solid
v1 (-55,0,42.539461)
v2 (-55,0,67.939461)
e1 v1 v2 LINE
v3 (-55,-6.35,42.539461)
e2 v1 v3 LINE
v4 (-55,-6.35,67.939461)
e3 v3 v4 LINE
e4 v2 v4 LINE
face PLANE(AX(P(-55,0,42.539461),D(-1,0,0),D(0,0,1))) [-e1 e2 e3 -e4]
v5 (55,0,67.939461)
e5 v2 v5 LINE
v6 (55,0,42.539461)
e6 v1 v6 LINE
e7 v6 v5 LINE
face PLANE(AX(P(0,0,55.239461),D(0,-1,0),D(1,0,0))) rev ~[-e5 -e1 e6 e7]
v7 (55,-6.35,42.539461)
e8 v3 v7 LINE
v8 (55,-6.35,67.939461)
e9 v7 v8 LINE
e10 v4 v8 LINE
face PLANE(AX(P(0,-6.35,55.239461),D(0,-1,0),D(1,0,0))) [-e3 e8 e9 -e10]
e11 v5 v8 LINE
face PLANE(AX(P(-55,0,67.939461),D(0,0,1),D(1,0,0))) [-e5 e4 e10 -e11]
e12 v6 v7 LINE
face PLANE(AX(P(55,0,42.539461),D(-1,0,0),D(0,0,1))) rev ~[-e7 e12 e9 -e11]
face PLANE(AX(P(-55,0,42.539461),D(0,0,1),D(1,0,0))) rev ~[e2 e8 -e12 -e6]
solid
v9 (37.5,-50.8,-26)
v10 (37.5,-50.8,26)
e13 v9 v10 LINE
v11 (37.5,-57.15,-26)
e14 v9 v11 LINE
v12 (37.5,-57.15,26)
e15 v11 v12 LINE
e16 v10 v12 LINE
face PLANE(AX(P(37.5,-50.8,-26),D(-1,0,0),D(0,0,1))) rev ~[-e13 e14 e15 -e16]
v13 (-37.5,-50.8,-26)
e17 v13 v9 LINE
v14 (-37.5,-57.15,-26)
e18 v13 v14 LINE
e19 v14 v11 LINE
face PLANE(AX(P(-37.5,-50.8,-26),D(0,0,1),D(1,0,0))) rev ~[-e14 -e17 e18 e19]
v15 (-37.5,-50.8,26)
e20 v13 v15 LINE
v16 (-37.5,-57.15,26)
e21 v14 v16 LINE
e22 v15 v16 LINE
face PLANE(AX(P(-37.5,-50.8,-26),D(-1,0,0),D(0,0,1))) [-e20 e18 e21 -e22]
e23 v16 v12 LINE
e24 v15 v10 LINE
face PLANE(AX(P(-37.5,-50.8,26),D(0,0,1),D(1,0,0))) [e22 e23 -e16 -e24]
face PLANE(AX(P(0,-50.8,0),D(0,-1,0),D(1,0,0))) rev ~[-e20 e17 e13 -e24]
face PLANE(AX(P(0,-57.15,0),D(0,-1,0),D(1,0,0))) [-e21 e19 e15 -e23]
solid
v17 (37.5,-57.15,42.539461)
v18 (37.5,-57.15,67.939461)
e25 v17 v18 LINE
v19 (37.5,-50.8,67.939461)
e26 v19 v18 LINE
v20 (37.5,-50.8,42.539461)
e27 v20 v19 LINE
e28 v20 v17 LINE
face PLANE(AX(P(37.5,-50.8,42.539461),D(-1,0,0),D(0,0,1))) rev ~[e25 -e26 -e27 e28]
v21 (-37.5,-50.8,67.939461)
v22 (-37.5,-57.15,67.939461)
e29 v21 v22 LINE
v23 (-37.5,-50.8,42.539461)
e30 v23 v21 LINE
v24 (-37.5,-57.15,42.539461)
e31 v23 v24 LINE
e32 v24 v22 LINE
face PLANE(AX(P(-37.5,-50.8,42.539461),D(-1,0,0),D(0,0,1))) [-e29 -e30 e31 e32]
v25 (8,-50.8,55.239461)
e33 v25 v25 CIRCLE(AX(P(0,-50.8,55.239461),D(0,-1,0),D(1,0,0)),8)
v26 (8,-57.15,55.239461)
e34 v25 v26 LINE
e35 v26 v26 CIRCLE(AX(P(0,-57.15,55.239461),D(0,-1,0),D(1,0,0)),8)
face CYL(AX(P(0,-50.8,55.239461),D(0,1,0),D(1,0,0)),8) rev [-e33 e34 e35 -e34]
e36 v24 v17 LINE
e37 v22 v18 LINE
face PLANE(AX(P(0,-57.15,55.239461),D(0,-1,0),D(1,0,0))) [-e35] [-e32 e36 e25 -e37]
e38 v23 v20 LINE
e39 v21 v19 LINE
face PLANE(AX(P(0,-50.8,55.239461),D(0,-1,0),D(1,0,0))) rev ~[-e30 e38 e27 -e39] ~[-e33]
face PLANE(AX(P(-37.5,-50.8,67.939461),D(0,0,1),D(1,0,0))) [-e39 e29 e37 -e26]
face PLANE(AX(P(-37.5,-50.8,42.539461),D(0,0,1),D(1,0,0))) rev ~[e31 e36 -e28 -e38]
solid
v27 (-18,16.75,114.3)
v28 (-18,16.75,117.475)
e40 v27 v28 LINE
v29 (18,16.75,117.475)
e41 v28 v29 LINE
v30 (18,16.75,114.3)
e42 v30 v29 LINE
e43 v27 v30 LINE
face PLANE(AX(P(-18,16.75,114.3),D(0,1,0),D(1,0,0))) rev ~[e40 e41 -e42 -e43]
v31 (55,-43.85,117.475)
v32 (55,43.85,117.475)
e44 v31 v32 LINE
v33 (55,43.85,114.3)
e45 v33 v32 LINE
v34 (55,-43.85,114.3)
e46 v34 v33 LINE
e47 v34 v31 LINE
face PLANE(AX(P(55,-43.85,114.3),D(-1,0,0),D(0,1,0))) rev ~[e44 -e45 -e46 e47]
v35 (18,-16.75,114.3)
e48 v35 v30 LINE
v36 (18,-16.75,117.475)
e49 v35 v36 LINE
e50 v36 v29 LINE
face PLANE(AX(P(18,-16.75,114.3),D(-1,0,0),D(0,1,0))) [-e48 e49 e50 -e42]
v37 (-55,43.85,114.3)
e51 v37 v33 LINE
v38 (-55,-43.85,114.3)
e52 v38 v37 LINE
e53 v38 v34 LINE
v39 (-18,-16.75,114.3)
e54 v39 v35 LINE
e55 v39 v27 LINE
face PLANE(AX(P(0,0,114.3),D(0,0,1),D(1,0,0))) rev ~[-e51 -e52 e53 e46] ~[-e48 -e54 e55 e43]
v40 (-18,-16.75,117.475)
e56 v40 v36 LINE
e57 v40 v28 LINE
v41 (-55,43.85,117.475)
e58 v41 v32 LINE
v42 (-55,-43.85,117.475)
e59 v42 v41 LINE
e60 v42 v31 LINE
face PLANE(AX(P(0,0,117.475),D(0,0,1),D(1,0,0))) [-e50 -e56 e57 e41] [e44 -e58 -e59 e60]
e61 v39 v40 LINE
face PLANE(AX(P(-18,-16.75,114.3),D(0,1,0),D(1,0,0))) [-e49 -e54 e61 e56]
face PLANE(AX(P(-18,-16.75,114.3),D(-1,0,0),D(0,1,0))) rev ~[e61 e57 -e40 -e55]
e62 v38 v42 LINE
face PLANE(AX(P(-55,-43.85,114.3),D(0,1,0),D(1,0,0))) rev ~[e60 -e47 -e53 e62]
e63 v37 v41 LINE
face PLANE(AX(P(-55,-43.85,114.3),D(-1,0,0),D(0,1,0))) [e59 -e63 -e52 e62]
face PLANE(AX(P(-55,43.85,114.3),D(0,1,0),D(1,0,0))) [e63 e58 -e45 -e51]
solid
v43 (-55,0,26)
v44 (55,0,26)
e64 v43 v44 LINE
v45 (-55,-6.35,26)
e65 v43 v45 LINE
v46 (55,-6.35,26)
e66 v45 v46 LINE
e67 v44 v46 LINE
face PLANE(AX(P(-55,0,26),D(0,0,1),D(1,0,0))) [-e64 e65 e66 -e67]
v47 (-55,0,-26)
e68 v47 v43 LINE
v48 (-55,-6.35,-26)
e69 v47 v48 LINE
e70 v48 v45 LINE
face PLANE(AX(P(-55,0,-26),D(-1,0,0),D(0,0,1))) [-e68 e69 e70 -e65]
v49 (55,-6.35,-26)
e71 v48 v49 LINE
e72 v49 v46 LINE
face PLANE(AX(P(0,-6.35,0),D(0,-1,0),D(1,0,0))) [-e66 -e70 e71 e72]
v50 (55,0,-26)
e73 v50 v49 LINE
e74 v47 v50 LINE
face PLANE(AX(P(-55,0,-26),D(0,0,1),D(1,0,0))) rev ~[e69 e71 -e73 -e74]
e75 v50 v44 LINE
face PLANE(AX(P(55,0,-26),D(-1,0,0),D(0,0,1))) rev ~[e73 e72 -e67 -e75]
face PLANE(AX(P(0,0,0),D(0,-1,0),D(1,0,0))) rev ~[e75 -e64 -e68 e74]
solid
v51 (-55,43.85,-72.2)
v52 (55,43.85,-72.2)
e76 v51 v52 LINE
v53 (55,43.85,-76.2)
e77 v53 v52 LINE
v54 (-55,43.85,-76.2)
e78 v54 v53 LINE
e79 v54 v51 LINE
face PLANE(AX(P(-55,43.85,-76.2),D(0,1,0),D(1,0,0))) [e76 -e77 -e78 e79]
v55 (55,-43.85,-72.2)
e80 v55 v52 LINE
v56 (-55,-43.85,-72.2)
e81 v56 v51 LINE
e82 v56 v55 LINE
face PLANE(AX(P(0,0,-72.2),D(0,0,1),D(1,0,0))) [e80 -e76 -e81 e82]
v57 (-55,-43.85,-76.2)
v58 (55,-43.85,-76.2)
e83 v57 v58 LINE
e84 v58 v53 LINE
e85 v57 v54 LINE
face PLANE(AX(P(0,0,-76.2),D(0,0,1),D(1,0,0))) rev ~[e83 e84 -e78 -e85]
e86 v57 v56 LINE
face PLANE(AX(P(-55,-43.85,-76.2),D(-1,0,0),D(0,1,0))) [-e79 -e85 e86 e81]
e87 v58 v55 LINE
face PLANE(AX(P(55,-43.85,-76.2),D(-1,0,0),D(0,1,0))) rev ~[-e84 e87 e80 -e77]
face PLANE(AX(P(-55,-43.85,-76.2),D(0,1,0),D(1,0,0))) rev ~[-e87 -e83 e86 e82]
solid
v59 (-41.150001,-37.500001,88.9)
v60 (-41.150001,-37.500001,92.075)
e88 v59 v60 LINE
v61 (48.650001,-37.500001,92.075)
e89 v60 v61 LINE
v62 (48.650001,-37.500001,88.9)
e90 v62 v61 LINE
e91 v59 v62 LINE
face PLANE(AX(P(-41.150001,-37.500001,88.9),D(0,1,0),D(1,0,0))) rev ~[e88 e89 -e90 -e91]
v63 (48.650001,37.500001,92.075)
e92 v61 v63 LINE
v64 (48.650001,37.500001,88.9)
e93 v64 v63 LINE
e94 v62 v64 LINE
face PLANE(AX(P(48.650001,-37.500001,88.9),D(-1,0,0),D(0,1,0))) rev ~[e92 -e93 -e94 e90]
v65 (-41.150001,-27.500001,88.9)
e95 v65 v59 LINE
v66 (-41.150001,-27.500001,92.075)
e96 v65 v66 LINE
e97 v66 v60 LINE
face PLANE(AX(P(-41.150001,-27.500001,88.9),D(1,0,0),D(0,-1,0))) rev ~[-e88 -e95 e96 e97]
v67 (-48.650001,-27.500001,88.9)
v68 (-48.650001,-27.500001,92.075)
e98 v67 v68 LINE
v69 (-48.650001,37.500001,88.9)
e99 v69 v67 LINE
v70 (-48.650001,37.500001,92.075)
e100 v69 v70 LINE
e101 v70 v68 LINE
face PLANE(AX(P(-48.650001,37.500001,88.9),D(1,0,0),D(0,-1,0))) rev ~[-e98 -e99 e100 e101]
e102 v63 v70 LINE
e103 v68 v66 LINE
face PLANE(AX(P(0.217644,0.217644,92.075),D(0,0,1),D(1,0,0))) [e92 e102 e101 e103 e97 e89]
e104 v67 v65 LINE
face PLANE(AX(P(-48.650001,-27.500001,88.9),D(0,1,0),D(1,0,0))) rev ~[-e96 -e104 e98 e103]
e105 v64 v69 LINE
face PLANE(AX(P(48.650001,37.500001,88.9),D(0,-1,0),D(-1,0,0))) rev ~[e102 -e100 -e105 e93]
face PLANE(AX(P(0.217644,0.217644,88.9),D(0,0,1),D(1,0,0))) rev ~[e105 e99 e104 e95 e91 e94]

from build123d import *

# Parameters (mm, degrees)
F0_W      = 110
F0_H      = 52
F1_DEPTH  = 6.35
F3_W      = 75
F3_H      = 52
F4_DEPTH  = 6.35
F6_W      = 110
F6_H      = 87.7
F7_DEPTH  = 4
F8_W      = 110
F8_H      = 25.4
F9_DEPTH  = 6.35
F10_W     = 75
F10_H     = 25.4
F10_R     = 8
F11_DEPTH = 6.35
F14_DEPTH = 3.175
F16_W     = 110
F16_H     = 87.7
F16_W_2   = 36
F16_H_2   = 33.5
F17_DEPTH = 3.175


with BuildPart() as f1:
    # F0 (on Front) → F1 (new body)
    with BuildSketch(Plane.XZ):
        Rectangle(F0_W, F0_H)
    extrude(amount=F1_DEPTH)


with BuildPart() as f4:
    # F3 (on offset) → F4 (new body)
    with BuildSketch(Plane.XZ.offset(50.8)):
        Rectangle(F3_W, F3_H)
    extrude(amount=F4_DEPTH)


with BuildPart() as f7:
    # F6 (on offset) → F7 (new body)
    with BuildSketch(Plane.XY.offset(-76.2)):
        Rectangle(F6_W, F6_H)
    extrude(amount=F7_DEPTH)


with BuildPart() as f9:
    # F8 (on Front) → F9 (new body)
    with BuildSketch(Plane.XZ):
        with Locations((0, 55.239461)):
            Rectangle(F8_W, F8_H)
    extrude(amount=F9_DEPTH)


with BuildPart() as f11:
    # F10 (on offset) → F11 (new body)
    with BuildSketch(Plane.XZ.offset(50.8)):
        with Locations((0, 55.239461)):
            Rectangle(F10_W, F10_H)
        with Locations((0, 55.239461)):
            Circle(F10_R, mode=Mode.SUBTRACT)
    extrude(amount=F11_DEPTH)


with BuildPart() as f14:
    # F13 (on offset) → F14 (new body)
    with BuildSketch(Plane.XY.offset(88.9)):
        Polygon((48.650001, -37.500001), (48.650001, 37.500001), (-48.650001, 37.500001), (-48.650001, -27.500001), (-41.150001, -27.500001), (-41.150001, -37.500001), align=None)
    extrude(amount=F14_DEPTH)


with BuildPart() as f17:
    # F16 (on offset) → F17 (new body)
    with BuildSketch(Plane.XY.offset(114.3)):
        Rectangle(F16_W, F16_H)
        Rectangle(F16_W_2, F16_H_2, mode=Mode.SUBTRACT)
    extrude(amount=F17_DEPTH)


solid = Compound([f1.part, f4.part, f7.part, f9.part, f11.part, f14.part, f17.part])
